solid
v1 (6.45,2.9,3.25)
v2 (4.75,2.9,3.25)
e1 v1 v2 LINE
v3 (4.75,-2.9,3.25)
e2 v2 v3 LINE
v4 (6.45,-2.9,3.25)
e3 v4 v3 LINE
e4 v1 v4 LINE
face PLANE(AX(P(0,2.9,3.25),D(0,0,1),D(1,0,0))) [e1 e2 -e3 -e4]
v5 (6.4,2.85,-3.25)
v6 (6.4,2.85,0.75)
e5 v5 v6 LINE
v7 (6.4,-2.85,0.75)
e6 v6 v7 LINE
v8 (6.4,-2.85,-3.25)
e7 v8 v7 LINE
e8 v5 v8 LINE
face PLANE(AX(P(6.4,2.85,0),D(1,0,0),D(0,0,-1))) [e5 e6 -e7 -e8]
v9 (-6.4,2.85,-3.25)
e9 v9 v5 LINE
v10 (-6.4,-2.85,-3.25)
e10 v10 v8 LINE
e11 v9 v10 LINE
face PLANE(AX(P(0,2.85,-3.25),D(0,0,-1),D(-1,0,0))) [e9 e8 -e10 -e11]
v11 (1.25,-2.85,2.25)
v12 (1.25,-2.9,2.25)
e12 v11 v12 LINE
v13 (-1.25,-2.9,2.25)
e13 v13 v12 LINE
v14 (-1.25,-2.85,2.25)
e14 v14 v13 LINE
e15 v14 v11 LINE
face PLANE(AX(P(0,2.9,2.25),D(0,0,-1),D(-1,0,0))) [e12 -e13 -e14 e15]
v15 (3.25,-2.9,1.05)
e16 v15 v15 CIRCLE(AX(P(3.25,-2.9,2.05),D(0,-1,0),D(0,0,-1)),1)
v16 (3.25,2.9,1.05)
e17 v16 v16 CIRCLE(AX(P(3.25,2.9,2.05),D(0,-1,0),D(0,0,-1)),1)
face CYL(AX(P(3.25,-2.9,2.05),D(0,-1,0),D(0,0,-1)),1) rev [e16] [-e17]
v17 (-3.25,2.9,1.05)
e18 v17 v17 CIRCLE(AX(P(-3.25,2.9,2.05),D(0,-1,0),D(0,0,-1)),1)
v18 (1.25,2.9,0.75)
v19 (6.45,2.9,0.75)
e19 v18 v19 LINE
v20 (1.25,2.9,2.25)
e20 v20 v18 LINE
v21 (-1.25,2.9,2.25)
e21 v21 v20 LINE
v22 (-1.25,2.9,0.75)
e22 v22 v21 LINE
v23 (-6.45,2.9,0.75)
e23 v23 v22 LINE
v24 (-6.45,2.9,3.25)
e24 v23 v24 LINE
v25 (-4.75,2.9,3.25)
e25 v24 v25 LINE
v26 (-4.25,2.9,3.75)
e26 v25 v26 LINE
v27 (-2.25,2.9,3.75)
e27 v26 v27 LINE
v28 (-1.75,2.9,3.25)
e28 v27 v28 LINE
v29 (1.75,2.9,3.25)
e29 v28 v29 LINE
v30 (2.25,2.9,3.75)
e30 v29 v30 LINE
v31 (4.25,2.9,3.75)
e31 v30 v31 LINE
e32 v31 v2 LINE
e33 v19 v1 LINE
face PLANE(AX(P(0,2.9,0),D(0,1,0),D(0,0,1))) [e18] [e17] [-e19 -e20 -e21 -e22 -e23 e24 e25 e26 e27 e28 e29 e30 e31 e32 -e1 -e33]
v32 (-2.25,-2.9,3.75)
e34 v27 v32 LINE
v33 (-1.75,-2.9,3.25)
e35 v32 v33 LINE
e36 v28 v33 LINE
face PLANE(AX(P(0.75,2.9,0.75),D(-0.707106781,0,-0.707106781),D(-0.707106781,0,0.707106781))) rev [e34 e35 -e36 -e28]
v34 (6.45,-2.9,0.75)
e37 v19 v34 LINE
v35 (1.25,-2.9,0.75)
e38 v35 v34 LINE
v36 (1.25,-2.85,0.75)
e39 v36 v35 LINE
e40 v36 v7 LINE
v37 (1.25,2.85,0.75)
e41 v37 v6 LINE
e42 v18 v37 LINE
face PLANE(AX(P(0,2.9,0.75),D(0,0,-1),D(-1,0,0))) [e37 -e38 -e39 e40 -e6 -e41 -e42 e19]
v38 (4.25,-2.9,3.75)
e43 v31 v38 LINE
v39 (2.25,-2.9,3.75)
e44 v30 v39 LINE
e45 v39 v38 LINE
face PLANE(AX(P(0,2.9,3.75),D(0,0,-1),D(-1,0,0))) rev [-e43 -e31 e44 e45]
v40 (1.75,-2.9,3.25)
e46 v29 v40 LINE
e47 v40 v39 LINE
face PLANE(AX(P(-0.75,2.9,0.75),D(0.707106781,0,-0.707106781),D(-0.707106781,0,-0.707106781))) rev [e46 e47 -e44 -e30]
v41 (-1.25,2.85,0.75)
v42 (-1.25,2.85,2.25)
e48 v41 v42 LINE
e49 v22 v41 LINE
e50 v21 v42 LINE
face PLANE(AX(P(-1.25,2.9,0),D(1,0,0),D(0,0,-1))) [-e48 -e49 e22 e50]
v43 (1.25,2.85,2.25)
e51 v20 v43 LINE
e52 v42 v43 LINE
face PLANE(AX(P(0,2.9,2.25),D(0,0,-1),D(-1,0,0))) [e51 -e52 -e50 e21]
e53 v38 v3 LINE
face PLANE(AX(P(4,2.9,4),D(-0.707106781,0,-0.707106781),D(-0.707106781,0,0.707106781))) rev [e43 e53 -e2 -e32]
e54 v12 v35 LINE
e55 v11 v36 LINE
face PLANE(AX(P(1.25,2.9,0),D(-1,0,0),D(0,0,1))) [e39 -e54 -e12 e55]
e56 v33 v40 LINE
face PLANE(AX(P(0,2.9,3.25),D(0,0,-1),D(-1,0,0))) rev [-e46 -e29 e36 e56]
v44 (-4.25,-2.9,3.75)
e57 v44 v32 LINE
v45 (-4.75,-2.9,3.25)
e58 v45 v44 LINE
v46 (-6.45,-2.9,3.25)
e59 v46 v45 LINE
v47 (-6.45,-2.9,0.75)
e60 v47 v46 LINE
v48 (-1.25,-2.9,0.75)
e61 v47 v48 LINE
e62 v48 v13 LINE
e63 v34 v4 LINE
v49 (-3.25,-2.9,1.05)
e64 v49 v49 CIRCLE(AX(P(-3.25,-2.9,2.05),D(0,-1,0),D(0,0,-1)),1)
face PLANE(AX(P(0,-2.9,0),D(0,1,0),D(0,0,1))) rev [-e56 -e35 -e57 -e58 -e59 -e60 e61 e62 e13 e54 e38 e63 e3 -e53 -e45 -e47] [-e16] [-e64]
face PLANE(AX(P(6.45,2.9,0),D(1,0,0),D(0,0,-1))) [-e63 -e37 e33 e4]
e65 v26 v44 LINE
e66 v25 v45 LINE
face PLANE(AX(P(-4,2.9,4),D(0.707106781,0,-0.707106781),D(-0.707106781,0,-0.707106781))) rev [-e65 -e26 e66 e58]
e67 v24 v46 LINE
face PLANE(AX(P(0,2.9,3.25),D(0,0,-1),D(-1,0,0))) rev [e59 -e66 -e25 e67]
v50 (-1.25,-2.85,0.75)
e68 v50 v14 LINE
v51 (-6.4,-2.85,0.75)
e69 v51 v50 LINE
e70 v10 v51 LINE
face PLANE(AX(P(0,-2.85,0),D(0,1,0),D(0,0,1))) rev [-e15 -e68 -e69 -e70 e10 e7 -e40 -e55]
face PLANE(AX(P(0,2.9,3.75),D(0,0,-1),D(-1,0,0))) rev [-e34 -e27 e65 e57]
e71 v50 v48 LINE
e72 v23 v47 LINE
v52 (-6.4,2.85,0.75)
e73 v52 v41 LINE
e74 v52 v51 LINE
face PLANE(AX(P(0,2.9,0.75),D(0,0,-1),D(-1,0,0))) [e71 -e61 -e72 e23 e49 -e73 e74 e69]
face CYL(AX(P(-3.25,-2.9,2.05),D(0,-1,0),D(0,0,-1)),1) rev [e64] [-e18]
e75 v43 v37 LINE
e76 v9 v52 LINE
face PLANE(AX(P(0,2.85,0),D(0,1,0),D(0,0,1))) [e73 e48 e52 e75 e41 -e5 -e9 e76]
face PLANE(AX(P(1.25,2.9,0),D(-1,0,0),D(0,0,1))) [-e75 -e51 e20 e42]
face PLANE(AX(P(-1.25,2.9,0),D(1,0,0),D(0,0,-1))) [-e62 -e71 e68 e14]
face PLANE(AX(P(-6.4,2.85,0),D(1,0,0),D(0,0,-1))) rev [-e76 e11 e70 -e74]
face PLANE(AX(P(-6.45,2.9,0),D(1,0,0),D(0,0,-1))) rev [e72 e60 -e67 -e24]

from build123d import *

# Parameters (mm, degrees)
BOSS_EXTRUDE1_DEPTH   = 2.85
BOSS_EXTRUDE2_DEPTH   = 2.9
F_2_0MM_DOWEL_HOLE1_D = 2


with BuildPart() as part:
    # Sketch1 → Boss-Extrude1 (new, symmetric)
    with BuildSketch(Plane(origin=(0, 0, 0), x_dir=(1, 0, 0), z_dir=(0, 1, 0))):
        Polygon((-6.4, 3.25), (-6.4, -0.75), (-1.25, -0.75), (-1.25, -2.25), (1.25, -2.25), (1.25, -0.75), (6.4, -0.75), (6.4, 3.25), align=None)
    extrude(amount=BOSS_EXTRUDE1_DEPTH, both=True)

    # Sketch1<3> → Boss-Extrude2 (add, symmetric)
    with BuildSketch(Plane(origin=(0, 0, 0), x_dir=(1, 0, 0), z_dir=(0, 1, 0))):
        Polygon((-1.25, -0.75), (-6.45, -0.75), (-6.45, -3.25), (-4.75, -3.25), (-4.25, -3.75), (-2.25, -3.75), (-1.75, -3.25), (1.75, -3.25), (2.25, -3.75), (4.25, -3.75), (4.75, -3.25), (6.45, -3.25), (6.45, -0.75), (1.25, -0.75), (1.25, -2.25), (-1.25, -2.25), align=None)
    extrude(amount=BOSS_EXTRUDE2_DEPTH, both=True)

    # Ø2.0mm Dowel Hole1 (through all)
    with Locations(Plane(origin=(0, -2.9, 0), x_dir=(-1, 0, 0), z_dir=(0, -1, 0))):
        with Locations((3.25, -2.05), (-3.25, -2.05)):
            Hole(F_2_0MM_DOWEL_HOLE1_D / 2)


solid = part.part
